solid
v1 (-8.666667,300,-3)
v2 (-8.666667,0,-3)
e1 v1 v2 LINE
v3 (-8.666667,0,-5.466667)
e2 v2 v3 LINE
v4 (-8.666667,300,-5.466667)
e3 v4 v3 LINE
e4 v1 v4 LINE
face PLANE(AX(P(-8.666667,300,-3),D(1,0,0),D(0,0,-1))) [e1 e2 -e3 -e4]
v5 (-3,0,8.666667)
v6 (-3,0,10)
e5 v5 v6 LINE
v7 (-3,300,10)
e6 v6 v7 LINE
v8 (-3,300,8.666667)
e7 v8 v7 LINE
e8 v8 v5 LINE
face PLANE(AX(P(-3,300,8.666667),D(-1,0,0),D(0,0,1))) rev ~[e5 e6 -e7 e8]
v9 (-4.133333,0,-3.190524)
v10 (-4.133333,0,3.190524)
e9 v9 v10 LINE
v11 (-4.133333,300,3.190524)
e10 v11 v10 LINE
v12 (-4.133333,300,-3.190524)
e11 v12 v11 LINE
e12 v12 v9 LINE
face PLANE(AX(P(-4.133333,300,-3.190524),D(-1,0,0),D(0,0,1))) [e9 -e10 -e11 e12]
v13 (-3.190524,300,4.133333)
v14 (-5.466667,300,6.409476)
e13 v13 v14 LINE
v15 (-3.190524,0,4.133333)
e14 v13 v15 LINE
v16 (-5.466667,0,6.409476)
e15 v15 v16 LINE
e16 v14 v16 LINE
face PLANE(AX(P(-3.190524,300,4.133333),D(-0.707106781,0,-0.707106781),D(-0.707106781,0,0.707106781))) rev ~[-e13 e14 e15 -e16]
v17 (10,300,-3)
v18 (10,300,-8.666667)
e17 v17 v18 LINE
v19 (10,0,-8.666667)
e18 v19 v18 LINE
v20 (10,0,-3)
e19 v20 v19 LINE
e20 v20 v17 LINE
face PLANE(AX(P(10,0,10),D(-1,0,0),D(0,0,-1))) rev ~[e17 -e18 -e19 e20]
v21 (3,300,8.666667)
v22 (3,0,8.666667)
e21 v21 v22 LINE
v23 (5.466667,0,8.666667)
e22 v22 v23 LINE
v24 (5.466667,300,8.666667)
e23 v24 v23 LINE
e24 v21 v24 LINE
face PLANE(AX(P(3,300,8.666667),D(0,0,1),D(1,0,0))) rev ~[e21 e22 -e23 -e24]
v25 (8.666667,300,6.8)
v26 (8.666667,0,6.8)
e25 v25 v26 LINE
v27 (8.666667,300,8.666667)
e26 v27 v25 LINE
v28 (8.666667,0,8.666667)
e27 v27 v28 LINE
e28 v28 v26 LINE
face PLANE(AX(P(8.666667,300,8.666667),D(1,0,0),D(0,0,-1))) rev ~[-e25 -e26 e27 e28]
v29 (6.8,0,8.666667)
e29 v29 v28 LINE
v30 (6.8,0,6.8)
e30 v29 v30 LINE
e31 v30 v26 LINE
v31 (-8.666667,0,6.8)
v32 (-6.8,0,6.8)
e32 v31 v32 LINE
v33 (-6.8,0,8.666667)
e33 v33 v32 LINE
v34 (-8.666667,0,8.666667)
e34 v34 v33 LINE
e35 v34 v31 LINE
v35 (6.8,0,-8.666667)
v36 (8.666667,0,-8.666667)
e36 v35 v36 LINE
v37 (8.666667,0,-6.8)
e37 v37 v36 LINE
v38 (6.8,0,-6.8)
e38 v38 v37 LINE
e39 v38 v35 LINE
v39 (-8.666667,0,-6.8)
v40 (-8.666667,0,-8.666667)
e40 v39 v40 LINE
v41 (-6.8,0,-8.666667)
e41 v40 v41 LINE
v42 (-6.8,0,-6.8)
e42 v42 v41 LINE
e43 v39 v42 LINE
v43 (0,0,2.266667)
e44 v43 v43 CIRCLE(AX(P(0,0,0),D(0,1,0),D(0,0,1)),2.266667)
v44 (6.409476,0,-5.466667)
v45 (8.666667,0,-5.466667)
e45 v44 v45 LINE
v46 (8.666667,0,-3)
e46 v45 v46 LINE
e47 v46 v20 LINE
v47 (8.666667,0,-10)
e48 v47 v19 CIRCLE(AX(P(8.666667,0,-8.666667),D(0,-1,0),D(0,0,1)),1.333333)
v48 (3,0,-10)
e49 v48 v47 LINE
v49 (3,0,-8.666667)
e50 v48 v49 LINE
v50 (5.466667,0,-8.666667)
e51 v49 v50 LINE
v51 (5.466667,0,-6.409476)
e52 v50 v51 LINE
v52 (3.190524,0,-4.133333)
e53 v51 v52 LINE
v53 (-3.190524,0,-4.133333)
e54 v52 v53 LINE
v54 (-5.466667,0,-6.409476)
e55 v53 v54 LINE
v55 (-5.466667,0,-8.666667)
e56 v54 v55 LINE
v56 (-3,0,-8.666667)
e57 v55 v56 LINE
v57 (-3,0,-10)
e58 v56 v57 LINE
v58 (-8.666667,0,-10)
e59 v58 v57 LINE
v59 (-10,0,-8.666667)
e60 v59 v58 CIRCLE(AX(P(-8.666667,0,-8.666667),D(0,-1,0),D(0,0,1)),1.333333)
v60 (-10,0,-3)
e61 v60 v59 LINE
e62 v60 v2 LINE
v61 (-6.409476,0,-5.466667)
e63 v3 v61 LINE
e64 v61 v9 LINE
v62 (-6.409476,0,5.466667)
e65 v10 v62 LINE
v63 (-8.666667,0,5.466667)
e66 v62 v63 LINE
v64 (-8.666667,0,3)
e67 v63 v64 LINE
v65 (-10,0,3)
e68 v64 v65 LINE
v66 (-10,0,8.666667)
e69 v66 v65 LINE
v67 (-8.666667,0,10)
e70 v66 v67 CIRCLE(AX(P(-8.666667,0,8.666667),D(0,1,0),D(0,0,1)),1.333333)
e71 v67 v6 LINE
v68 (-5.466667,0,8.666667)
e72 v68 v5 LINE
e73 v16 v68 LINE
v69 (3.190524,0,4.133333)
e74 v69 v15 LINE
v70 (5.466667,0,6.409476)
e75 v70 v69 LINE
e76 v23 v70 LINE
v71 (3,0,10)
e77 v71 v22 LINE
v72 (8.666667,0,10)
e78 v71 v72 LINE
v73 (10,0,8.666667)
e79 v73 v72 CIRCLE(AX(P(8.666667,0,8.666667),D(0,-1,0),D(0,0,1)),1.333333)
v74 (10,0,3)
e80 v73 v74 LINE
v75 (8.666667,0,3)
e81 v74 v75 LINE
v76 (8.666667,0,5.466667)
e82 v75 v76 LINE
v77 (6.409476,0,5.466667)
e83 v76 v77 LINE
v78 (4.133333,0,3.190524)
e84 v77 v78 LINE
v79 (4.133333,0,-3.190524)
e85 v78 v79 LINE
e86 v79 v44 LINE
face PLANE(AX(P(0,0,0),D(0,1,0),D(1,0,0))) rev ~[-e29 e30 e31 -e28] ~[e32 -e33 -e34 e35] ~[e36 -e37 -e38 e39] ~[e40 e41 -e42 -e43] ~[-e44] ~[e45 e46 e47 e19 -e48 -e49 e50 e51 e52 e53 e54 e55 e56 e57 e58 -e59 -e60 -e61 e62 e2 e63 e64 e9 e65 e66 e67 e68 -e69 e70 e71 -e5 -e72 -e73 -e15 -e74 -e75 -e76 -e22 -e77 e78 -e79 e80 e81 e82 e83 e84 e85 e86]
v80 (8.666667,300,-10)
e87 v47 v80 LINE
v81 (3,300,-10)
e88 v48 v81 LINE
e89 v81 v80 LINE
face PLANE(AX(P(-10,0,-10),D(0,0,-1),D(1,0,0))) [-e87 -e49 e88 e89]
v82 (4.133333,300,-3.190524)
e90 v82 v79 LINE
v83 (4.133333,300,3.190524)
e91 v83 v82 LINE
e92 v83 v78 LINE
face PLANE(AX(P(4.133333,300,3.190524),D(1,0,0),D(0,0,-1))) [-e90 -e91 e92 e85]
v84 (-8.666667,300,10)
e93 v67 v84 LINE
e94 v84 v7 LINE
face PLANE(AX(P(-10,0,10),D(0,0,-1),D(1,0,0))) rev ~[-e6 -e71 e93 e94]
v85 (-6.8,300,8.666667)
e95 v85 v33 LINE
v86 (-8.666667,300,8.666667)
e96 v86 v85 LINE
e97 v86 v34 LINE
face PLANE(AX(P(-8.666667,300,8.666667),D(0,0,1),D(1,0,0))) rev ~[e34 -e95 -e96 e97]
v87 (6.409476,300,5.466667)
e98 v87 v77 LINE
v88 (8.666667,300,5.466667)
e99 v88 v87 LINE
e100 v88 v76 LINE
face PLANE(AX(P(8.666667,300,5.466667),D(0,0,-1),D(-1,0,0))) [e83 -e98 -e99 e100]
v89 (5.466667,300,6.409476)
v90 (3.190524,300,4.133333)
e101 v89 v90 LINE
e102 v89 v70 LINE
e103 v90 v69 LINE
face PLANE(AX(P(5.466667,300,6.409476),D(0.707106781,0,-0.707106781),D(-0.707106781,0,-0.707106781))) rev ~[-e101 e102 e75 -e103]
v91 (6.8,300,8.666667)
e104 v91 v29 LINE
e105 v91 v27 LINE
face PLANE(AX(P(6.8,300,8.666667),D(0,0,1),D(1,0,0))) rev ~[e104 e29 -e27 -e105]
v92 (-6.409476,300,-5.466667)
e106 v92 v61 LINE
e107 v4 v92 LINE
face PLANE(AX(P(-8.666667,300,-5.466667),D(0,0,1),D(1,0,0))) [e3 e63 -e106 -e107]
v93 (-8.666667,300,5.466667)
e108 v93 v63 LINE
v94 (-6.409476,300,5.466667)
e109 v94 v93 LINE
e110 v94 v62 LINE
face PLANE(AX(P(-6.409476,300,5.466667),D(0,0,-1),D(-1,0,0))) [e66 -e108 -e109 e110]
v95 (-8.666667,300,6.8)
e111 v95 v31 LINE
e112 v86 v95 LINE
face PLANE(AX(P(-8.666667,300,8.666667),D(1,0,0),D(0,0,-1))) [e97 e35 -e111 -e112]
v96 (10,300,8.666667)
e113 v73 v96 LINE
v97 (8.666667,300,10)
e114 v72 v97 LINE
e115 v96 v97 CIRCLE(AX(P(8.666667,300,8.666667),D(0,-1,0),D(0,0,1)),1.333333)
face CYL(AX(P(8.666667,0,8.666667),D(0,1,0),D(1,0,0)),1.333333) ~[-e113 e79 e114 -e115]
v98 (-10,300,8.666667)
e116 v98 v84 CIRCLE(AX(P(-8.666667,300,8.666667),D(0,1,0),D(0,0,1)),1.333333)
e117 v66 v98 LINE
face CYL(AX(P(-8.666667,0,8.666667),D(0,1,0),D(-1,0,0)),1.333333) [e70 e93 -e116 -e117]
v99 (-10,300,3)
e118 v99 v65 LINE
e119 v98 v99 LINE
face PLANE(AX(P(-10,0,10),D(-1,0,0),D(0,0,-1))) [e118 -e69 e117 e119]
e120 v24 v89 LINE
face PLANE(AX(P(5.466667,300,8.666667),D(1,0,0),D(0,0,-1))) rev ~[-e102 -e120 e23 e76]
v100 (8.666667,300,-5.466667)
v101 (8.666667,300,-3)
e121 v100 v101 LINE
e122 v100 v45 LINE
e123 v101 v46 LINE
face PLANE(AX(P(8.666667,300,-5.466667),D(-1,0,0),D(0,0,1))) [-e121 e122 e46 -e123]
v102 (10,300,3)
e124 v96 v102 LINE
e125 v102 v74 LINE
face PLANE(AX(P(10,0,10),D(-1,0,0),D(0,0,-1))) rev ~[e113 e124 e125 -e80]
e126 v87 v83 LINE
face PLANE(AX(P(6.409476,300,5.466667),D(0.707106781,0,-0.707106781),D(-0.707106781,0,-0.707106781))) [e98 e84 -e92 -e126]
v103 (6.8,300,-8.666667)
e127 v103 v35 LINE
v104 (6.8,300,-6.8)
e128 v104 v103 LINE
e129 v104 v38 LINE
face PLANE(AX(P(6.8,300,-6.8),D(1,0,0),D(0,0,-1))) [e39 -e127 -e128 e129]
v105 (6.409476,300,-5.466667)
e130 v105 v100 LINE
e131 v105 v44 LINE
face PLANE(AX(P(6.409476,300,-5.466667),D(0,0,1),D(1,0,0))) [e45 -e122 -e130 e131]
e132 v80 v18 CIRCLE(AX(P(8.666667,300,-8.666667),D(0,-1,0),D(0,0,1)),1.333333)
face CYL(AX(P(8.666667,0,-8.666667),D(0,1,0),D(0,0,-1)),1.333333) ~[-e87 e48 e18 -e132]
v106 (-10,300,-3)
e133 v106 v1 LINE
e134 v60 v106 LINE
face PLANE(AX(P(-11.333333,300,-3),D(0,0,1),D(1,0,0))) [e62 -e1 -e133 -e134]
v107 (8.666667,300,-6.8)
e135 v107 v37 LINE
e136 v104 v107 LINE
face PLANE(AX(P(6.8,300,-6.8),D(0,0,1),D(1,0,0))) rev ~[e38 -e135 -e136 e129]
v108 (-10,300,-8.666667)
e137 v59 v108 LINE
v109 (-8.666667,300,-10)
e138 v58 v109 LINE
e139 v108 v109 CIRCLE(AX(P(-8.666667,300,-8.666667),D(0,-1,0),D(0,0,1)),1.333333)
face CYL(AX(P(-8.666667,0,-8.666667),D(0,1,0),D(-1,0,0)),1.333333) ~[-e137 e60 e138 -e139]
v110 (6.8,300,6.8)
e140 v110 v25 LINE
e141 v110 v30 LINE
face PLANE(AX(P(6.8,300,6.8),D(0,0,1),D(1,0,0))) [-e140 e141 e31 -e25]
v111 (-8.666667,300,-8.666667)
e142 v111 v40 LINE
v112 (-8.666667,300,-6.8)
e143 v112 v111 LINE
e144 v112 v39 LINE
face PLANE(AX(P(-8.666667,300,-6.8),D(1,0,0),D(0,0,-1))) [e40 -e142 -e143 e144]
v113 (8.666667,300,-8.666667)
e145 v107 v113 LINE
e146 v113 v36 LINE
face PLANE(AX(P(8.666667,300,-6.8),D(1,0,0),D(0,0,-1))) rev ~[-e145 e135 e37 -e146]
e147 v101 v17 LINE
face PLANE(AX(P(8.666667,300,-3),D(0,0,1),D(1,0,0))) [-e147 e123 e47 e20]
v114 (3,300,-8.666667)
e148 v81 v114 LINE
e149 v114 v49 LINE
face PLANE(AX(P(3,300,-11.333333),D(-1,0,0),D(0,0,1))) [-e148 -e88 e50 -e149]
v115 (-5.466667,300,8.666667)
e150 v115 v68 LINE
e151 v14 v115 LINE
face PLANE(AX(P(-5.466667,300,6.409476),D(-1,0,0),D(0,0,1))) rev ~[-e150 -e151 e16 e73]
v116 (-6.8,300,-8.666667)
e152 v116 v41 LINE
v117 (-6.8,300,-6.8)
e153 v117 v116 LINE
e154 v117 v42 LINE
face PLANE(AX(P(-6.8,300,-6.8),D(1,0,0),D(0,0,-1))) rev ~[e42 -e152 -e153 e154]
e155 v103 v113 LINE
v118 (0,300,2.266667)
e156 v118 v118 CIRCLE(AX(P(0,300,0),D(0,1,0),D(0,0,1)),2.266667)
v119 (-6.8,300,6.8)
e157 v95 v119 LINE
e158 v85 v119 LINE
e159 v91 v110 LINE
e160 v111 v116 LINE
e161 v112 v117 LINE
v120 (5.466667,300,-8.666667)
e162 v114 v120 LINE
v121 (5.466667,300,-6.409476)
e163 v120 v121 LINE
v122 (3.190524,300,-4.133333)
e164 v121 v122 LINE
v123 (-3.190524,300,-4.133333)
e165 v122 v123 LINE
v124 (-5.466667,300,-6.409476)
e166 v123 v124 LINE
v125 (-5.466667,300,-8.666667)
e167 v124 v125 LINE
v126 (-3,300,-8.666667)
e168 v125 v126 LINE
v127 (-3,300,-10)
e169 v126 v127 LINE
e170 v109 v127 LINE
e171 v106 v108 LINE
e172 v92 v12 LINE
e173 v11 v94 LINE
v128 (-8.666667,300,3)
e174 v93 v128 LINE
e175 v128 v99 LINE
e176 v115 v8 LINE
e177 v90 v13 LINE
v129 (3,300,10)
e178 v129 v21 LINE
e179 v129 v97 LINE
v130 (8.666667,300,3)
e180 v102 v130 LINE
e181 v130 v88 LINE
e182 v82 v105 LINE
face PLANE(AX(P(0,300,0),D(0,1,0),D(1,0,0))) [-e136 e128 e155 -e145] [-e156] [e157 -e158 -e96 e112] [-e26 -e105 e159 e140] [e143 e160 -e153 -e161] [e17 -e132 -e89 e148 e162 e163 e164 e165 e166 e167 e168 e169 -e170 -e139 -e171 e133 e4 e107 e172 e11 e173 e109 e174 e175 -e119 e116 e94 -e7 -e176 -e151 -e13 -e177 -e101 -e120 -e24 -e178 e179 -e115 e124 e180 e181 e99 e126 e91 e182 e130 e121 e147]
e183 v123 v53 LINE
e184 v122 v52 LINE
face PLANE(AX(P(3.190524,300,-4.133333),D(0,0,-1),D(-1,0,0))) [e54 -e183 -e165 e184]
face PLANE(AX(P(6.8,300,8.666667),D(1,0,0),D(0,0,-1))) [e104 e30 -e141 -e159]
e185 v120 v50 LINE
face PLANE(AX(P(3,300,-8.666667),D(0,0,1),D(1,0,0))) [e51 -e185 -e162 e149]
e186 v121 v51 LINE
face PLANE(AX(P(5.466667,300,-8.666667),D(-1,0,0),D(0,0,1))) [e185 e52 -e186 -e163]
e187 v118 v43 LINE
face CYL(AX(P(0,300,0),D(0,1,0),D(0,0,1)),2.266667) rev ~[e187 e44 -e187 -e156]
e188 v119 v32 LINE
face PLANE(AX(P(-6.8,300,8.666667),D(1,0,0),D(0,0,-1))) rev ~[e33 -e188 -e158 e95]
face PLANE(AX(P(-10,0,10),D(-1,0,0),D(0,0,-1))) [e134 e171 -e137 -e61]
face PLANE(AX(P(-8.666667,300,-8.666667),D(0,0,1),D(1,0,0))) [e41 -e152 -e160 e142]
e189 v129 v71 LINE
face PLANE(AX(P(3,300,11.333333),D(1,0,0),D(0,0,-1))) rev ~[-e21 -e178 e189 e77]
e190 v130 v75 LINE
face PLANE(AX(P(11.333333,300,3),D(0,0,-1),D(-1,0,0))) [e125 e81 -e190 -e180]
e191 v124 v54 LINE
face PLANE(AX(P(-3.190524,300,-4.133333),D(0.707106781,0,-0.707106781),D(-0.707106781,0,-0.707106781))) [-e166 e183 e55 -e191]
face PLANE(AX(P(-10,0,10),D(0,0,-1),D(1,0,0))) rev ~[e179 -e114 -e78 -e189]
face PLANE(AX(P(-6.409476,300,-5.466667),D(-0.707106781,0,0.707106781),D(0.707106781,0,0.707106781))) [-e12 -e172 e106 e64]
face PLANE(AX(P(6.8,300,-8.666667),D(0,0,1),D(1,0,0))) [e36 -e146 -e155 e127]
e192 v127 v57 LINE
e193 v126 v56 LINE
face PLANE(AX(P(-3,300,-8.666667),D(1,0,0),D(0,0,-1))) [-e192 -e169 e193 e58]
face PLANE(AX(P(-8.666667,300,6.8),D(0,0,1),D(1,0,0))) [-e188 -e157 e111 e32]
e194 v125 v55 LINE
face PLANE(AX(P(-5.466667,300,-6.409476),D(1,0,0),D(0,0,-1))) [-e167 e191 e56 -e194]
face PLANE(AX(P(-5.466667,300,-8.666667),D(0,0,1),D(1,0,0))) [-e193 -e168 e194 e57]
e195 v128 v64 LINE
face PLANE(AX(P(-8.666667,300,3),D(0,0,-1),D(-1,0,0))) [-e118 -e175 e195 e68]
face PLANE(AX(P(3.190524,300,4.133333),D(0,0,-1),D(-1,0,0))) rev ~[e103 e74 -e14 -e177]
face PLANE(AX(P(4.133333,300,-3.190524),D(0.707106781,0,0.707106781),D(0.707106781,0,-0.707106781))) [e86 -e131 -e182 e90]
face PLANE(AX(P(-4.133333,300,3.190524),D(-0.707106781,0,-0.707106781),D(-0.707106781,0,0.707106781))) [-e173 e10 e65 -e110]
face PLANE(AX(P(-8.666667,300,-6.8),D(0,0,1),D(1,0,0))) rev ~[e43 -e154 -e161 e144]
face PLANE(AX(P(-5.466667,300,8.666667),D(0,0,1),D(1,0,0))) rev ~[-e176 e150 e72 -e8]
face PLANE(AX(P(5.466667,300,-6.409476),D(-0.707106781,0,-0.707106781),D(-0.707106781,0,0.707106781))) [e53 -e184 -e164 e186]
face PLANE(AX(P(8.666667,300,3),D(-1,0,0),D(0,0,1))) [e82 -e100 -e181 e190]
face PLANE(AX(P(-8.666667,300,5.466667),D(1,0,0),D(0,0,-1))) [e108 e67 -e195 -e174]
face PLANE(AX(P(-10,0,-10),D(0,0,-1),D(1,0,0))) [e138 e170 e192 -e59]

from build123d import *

# Parameters (mm, degrees)
SKETCH1_W      = 20
SKETCH1_H      = 20
EXTRUDE1_DEPTH = 300
SKETCH2_R      = 2.266666667
SKETCH2_W      = 1.866666667
SKETCH2_H      = 1.866666667
EXTRUDE2_DEPTH = 301.333148354
FILLET1_R      = 1.333333333


with BuildPart() as part:
    # Sketch1 → Extrude1 (new body)
    with BuildSketch(Plane(origin=(0, 0, 0), x_dir=(1, 0, 0), z_dir=(0, 1, 0))):
        Rectangle(SKETCH1_W, SKETCH1_H)
    extrude(amount=EXTRUDE1_DEPTH)

    # Sketch2 → Extrude2 (cut, through all)
    with BuildSketch(Plane(origin=(0, 300, 0), x_dir=(1, 0, 0), z_dir=(0, 1, 0))):
        Circle(SKETCH2_R)
        Polygon((8.666666667, 3), (11.333333333, 3), (11.333333333, -3), (8.666666667, -3), (8.666666667, -5.466666667), (6.409475708, -5.466666667), (4.133333333, -3.190524292), (4.133333333, 3.190524292), (6.409475708, 5.466666667), (8.666666667, 5.466666667), align=None)
        with Locations((7.733333334, 7.733333334)):
            Rectangle(SKETCH2_W, SKETCH2_H)
        Polygon((-3.190524292, 4.133333333), (-5.466666667, 6.409475708), (-5.466666667, 8.666666667), (-3, 8.666666667), (-3, 11.333333333), (3, 11.333333333), (3, 8.666666667), (5.466666667, 8.666666667), (5.466666667, 6.409475708), (3.190524292, 4.133333333), align=None)
        with Locations((7.733333334, -7.733333334)):
            Rectangle(SKETCH2_W, SKETCH2_H)
        with Locations((-7.733333334, 7.733333334)):
            Rectangle(SKETCH2_W, SKETCH2_H)
        with Locations((-7.733333334, -7.733333334)):
            Rectangle(SKETCH2_W, SKETCH2_H)
        Polygon((-6.409475708, -5.466666667), (-8.666666667, -5.466666667), (-8.666666667, -3), (-11.333333333, -3), (-11.333333333, 3), (-8.666666667, 3), (-8.666666667, 5.466666667), (-6.409475708, 5.466666667), (-4.133333333, 3.190524292), (-4.133333333, -3.190524292), align=None)
        Polygon((3.190524292, -4.133333333), (-3.190524292, -4.133333333), (-5.466666667, -6.409475708), (-5.466666667, -8.666666667), (-3, -8.666666667), (-3, -11.333333333), (3, -11.333333333), (3, -8.666666667), (5.466666667, -8.666666667), (5.466666667, -6.409475708), align=None)
    extrude(amount=-EXTRUDE2_DEPTH, mode=Mode.SUBTRACT)

    # Fillet1
    fillet1_edges = [part.edges().sort_by_distance(p)[0] for p in [
        (10, 150, 10),
        (10, 150, -10),
        (-10, 150, 10),
        (-10, 150, -10),
    ]]
    fillet(fillet1_edges, radius=FILLET1_R)


solid = part.part
